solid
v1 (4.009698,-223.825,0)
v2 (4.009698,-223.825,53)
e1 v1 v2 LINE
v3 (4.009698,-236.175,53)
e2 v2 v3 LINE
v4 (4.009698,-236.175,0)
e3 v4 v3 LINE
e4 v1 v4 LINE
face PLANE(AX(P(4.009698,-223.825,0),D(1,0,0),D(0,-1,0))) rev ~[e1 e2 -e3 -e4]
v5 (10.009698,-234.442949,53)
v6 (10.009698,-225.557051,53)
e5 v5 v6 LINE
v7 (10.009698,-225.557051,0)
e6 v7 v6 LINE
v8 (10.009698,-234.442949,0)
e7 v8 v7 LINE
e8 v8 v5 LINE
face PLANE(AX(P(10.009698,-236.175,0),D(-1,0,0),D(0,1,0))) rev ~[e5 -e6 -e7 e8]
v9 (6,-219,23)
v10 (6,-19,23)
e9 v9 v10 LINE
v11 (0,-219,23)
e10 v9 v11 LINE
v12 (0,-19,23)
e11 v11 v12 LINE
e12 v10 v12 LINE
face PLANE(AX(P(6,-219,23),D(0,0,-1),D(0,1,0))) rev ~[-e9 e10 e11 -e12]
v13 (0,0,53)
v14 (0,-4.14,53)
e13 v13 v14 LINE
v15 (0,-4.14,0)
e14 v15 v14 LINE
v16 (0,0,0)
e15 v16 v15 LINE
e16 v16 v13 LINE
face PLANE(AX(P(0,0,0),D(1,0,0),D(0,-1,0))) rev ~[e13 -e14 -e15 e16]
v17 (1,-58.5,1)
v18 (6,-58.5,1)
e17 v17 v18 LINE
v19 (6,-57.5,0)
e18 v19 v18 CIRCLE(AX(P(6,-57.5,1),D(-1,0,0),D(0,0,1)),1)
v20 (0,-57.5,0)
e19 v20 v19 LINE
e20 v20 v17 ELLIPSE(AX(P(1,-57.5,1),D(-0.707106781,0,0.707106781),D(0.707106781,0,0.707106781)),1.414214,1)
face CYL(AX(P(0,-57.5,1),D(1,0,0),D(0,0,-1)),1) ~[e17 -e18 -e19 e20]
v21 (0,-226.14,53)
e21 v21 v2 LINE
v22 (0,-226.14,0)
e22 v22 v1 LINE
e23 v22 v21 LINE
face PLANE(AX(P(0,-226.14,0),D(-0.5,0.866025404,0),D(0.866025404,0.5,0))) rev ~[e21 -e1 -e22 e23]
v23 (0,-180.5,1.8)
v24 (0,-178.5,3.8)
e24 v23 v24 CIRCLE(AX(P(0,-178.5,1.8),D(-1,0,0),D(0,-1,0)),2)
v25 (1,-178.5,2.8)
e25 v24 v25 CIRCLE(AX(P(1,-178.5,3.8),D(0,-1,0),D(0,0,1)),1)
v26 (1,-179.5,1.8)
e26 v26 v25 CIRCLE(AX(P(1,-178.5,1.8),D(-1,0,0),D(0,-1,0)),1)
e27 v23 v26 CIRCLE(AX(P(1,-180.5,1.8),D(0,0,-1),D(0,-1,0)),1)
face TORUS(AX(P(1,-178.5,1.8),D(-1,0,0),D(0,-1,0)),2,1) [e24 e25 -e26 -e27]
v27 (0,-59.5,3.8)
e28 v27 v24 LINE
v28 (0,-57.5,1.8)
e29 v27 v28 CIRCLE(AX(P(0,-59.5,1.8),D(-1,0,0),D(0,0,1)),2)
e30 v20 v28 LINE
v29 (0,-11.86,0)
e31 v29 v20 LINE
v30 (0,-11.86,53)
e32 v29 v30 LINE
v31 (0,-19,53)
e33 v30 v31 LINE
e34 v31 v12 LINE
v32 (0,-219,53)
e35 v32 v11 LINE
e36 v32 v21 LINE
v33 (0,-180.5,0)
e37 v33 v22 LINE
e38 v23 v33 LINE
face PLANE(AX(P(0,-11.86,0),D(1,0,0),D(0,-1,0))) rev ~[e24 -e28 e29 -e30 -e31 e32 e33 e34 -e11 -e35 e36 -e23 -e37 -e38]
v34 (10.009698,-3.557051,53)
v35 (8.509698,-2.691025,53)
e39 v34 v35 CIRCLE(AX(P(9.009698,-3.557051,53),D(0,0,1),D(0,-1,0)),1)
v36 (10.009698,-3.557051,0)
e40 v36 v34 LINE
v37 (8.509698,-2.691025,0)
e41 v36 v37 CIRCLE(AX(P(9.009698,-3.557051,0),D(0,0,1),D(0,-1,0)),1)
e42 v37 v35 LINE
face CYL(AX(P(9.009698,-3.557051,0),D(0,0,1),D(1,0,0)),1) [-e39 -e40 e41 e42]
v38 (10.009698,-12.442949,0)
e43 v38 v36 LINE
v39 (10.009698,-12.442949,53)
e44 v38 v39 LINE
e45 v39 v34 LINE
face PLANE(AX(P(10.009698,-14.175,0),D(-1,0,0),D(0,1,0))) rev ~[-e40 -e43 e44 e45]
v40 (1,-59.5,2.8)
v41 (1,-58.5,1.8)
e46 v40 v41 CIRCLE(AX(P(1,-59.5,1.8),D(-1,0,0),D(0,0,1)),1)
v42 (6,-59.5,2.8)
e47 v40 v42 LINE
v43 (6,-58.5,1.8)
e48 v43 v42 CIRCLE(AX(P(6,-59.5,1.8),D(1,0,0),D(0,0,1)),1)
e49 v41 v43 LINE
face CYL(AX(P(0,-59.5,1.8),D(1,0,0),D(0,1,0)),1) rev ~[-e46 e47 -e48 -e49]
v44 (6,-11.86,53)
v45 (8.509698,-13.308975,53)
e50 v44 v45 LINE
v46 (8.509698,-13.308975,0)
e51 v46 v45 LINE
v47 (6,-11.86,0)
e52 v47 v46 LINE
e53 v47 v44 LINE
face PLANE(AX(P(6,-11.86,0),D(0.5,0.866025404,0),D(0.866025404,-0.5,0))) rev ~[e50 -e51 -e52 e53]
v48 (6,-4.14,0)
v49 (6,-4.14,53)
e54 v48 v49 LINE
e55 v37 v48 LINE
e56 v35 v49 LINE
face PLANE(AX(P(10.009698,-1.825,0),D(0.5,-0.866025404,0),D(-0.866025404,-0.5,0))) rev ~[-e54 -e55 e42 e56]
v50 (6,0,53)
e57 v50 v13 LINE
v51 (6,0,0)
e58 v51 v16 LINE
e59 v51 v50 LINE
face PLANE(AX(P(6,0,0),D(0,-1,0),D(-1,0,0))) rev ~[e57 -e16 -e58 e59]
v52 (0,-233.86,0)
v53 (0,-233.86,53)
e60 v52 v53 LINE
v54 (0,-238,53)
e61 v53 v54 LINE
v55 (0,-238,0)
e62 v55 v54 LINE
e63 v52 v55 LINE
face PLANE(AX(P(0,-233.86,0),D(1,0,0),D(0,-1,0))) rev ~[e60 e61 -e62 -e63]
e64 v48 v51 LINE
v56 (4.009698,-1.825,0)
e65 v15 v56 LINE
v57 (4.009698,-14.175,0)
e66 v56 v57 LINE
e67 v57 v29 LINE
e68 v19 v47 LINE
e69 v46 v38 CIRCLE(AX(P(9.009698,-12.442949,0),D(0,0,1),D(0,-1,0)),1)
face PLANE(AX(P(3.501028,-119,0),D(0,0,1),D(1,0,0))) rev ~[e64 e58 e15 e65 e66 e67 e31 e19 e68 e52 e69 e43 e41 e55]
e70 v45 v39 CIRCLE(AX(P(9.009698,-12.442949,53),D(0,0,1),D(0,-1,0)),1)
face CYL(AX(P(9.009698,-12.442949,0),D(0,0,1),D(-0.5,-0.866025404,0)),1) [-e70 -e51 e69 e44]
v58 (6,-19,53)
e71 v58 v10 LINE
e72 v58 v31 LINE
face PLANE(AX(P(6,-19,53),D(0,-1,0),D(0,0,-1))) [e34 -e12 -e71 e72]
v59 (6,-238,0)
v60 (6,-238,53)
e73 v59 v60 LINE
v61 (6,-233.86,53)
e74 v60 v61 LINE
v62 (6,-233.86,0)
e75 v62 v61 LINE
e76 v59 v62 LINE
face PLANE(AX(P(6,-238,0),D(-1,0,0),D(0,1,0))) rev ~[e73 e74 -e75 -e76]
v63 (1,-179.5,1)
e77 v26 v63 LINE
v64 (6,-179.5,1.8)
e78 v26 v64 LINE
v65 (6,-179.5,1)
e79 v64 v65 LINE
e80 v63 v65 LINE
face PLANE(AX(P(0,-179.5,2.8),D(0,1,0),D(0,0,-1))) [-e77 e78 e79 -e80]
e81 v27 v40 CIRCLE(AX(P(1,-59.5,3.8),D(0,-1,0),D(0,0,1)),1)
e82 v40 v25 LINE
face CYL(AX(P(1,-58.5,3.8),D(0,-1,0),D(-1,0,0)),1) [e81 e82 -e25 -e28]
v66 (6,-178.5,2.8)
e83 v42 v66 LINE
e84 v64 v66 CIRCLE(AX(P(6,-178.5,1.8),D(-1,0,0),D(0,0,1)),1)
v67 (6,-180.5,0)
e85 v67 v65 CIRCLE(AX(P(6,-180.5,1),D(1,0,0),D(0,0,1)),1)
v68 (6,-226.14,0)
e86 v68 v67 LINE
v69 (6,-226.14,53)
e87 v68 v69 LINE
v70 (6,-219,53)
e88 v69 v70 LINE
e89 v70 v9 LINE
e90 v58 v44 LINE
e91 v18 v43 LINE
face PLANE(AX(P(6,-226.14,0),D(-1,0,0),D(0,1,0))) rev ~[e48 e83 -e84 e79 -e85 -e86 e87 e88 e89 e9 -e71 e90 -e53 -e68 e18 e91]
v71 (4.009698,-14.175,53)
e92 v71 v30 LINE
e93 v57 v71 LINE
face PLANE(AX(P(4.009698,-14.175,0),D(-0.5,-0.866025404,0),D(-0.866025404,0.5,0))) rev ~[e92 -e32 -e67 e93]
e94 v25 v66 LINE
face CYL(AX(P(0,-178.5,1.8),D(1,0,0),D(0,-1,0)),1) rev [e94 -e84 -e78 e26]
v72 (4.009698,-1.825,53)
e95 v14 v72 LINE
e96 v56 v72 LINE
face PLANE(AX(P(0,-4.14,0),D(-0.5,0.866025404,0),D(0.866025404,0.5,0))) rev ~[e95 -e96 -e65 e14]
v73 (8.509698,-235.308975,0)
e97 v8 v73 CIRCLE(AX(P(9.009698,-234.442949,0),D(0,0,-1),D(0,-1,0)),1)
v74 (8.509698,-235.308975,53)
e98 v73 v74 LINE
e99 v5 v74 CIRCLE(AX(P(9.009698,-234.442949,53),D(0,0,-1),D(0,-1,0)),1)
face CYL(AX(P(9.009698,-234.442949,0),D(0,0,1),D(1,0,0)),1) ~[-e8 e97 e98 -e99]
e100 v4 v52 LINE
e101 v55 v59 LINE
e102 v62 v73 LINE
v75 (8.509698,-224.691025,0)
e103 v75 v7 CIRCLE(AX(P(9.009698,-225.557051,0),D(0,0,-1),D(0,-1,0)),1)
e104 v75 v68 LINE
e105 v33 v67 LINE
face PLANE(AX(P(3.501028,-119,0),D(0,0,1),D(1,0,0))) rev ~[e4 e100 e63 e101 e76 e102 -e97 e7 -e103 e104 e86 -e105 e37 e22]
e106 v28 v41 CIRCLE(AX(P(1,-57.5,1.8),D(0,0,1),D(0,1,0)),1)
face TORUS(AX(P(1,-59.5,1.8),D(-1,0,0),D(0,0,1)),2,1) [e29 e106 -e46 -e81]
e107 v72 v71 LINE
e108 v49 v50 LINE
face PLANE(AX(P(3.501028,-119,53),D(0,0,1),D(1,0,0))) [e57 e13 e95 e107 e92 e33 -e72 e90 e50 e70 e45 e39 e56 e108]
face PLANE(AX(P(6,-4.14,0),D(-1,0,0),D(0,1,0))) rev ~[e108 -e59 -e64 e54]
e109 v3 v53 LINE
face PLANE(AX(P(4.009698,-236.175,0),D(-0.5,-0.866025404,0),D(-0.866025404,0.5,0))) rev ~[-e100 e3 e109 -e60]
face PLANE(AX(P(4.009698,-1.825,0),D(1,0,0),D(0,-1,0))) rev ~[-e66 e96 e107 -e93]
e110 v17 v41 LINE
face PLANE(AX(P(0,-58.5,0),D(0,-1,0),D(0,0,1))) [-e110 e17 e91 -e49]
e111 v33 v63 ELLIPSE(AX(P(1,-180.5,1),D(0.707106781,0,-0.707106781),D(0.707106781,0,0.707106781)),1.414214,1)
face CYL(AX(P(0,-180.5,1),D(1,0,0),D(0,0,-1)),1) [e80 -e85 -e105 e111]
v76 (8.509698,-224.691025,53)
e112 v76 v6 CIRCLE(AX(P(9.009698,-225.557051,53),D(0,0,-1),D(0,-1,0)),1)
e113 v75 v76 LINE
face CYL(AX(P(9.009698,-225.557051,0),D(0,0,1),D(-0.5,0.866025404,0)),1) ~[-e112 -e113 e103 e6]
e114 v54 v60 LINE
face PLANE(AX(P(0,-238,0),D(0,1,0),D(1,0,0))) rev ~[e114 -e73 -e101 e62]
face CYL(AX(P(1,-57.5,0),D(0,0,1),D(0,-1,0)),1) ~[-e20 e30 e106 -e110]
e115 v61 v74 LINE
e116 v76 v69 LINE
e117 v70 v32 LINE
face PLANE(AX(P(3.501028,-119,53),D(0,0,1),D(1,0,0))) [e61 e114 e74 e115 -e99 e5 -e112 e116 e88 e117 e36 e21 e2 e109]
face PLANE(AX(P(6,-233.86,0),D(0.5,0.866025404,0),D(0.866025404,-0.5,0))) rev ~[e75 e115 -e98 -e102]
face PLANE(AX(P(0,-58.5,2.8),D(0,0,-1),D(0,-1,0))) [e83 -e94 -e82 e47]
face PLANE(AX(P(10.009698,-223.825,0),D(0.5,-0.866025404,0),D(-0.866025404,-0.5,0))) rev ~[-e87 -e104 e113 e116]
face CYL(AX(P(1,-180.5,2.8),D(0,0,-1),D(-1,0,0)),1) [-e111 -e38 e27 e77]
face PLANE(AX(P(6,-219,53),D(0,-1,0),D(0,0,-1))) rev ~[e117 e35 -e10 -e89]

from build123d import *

# Parameters (mm, degrees)
BOSS_EXTRUDE1_DEPTH = 53
CUT_EXTRUDE1_DEPTH  = 52
FILLET1_R           = 1
FILLET3_R           = 1
SKETCH4_W           = 30
SKETCH4_H           = 200
CUT_EXTRUDE2_DEPTH  = 10


with BuildPart() as part:
    # Sketch2 → Boss-Extrude1 (new body)
    with BuildSketch(Plane.XY):
        Polygon((0, 0), (0, -4.14), (4.00969762, -1.825), (4.00969762, -14.175), (0, -11.86), (0, -19), (0, -219), (0, -226.14), (4.00969762, -223.825), (4.00969762, -236.175), (0, -233.86), (0, -238), (6, -238), (6, -233.86), (10.00969762, -236.175), (10.00969762, -223.825), (6, -226.14), (6, -11.86), (10.00969762, -14.175), (10.00969762, -1.825), (6, -4.14), (6, 0), align=None)
    extrude(amount=BOSS_EXTRUDE1_DEPTH)

    # Sketch3 → Cut-Extrude1 (cut)
    with BuildSketch(Plane(origin=(0, 0, 0), x_dir=(0, 0, -1), z_dir=(1, 0, 0))):
        Polygon((0, -119), (0, -58.5), (-2.8, -58.5), (-2.8, -179.5), (0, -179.5), align=None)
    extrude(amount=CUT_EXTRUDE1_DEPTH, mode=Mode.SUBTRACT)

    # Fillet1
    fillet1_edges = [part.edges().sort_by_distance(p)[0] for p in [
        (3, -179.5, 0),
        (3, -58.5, 0),
        (3, -58.5, 2.8),
        (0, -119, 2.8),
        (0, -58.5, 1.4),
        (3, -179.5, 2.8),
        (0, -179.5, 1.4),
    ]]
    fillet(fillet1_edges, radius=FILLET1_R)

    # Fillet3
    fillet3_edges = [part.edges().sort_by_distance(p)[0] for p in [
        (10.00969762, -1.825, 26.5),
        (10.00969762, -14.175, 26.5),
        (10.00969762, -223.825, 26.5),
        (10.00969762, -236.175, 26.5),
    ]]
    fillet(fillet3_edges, radius=FILLET3_R)

    # Sketch4 → Cut-Extrude2 (cut)
    with BuildSketch(Plane(origin=(6, 0, 0), x_dir=(0, 0, -1), z_dir=(1, 0, 0))):
        with Locations((-38, -119)):
            Rectangle(SKETCH4_W, SKETCH4_H)
    extrude(amount=-CUT_EXTRUDE2_DEPTH, mode=Mode.SUBTRACT)


solid = part.part
